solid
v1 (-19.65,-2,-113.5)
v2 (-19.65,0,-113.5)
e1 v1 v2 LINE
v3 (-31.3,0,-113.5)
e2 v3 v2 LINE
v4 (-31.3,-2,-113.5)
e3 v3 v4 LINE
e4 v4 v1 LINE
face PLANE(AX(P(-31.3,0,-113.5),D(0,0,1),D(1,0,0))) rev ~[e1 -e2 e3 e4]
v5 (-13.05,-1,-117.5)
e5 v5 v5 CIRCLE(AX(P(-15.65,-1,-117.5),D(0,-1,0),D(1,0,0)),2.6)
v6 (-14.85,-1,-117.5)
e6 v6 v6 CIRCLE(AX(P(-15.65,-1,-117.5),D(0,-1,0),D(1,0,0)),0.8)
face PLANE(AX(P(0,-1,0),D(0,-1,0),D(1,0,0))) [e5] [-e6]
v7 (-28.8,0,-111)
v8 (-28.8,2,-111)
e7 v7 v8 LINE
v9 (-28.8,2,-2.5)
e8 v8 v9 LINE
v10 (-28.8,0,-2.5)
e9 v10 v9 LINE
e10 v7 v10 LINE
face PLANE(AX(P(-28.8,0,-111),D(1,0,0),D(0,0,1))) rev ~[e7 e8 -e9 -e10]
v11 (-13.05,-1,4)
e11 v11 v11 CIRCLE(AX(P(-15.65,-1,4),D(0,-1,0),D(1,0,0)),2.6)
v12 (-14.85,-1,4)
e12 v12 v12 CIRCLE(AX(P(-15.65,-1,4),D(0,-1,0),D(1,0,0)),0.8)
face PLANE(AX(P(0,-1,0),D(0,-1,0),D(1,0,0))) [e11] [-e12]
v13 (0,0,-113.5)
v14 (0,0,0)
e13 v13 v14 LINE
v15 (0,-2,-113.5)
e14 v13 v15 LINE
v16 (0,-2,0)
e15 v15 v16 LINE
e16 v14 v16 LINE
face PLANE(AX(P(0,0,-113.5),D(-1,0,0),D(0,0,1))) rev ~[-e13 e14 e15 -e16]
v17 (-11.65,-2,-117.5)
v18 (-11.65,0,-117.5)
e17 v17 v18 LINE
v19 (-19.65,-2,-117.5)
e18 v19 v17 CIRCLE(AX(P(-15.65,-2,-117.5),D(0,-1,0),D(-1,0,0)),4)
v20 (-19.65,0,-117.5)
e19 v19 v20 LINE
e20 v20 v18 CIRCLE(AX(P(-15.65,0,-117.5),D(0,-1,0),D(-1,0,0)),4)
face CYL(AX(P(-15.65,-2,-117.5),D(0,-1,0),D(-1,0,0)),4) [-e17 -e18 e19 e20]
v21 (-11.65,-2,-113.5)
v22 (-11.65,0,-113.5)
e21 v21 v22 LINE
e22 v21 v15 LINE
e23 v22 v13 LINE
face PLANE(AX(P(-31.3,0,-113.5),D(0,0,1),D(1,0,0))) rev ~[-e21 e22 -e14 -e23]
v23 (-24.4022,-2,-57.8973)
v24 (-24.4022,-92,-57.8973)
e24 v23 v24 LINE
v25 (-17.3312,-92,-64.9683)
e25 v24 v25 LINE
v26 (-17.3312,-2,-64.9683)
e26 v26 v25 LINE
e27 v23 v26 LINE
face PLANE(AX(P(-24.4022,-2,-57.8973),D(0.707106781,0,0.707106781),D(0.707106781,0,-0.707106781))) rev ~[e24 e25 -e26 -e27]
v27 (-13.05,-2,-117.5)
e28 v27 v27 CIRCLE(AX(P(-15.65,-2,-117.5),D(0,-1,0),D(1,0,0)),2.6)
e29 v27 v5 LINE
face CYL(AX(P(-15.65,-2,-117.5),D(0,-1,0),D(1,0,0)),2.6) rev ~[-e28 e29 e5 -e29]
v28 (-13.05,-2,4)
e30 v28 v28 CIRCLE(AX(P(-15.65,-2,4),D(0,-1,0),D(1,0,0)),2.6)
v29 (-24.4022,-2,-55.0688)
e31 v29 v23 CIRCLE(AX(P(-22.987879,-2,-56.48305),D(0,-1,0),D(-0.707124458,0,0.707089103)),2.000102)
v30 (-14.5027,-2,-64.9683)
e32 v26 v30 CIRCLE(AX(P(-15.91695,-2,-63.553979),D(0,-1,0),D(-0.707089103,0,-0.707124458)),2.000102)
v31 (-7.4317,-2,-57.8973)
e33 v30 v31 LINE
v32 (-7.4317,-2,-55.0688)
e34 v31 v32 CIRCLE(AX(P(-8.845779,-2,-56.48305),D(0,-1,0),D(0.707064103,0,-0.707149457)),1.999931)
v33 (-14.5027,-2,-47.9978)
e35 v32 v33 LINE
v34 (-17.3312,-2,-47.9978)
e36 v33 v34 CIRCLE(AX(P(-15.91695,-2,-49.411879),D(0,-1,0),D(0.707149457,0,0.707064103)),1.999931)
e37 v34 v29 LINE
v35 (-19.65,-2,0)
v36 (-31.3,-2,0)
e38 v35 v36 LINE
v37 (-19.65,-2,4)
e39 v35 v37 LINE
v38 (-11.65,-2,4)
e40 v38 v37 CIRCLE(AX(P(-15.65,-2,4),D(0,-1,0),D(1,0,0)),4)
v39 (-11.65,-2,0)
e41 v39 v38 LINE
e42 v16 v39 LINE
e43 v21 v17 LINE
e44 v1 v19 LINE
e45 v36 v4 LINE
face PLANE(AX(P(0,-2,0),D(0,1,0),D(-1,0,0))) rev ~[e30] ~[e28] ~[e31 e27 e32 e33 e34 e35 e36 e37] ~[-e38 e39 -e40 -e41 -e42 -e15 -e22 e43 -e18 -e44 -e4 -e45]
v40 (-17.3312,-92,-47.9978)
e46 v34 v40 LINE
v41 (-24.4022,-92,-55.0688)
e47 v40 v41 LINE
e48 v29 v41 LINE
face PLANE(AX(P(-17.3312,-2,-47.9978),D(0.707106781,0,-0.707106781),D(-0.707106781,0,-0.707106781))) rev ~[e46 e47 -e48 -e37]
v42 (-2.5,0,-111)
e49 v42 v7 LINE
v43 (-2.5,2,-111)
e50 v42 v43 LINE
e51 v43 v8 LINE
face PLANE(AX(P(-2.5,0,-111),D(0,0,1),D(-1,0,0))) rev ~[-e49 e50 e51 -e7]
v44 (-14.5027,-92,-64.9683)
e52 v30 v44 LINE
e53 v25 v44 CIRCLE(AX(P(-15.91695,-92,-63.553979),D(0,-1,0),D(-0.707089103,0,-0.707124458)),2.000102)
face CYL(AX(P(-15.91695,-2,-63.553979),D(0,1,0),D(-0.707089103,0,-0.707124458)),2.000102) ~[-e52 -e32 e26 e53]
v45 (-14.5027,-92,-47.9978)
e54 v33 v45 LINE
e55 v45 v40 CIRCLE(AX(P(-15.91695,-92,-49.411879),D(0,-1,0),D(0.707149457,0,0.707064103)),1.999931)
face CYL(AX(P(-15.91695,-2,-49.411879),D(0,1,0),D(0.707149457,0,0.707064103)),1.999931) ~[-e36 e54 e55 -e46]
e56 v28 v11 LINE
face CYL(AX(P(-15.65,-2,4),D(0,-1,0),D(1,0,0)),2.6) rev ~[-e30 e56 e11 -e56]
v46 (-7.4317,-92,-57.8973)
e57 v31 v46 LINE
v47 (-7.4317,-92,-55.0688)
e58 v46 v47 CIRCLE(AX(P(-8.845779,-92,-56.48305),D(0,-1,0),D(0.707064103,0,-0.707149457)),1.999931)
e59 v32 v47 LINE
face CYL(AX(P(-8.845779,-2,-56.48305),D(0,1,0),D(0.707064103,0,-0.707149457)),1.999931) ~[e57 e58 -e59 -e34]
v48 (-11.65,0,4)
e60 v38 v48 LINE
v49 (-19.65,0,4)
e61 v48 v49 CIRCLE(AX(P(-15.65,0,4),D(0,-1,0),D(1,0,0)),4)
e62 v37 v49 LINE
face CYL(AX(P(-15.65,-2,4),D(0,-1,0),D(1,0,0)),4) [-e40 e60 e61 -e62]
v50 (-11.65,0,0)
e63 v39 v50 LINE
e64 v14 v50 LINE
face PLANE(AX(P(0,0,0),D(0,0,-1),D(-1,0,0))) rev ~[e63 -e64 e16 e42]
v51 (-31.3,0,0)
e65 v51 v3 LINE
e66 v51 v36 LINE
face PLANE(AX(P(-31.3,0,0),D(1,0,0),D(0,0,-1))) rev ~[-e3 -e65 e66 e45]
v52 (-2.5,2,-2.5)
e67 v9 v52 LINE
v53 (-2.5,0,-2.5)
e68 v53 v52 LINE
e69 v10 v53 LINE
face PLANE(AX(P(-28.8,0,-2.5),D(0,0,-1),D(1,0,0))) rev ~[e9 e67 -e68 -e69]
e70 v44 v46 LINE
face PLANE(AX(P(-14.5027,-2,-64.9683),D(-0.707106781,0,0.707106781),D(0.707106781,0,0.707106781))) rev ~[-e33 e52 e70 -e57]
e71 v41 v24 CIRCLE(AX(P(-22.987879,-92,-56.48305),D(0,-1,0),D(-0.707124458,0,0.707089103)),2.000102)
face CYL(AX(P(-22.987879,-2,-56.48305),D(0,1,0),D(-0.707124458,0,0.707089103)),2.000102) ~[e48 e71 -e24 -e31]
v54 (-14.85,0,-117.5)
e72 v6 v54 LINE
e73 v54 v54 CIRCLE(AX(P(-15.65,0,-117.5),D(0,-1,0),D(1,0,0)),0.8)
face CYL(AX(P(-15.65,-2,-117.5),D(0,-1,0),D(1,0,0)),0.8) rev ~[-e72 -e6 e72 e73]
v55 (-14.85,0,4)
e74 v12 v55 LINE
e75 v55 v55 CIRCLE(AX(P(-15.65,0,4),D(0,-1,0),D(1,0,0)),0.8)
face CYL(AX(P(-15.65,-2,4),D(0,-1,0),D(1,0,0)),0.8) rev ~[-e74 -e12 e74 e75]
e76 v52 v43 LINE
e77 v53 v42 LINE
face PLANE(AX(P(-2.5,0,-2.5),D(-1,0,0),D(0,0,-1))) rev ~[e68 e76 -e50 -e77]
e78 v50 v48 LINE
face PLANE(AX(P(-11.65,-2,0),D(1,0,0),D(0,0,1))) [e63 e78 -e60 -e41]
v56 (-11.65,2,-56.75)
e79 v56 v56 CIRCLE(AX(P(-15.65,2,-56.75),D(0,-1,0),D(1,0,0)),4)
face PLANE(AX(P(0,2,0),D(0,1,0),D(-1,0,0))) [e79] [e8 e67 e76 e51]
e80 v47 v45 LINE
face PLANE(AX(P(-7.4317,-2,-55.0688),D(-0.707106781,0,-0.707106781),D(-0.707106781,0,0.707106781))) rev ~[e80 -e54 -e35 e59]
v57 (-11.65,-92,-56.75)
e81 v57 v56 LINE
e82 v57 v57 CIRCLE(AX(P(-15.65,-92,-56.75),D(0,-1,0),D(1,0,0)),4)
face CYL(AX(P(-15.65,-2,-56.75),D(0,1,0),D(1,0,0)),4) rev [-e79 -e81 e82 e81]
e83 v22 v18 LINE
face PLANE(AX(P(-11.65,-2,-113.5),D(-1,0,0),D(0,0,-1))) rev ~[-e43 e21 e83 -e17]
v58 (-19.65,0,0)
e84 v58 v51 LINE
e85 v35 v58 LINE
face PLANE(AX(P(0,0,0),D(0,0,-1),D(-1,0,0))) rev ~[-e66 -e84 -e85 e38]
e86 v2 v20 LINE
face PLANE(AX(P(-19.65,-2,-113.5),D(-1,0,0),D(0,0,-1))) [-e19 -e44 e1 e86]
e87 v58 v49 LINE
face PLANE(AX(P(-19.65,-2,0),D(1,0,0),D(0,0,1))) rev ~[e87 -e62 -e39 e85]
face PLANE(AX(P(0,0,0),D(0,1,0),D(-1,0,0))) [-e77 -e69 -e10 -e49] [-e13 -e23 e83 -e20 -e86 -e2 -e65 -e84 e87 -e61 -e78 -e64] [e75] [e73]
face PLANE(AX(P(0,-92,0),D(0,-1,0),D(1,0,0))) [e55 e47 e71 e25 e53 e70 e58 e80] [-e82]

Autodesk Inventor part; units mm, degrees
ref_plane "YZ Plane" through (0, 0, 0) normal (1, 0, 0) x (0, 1, 0)
ref_plane "XZ Plane" through (0, 0, 0) normal (0, 1, 0) x (-1, 0, 0)
ref_plane "XY Plane" through (0, 0, 0) normal (0, 0, 1) x (1, 0, 0)
sketch "Esboço1" plane through (0, 0, 0) normal (0, 1, 0) x (-1, 0, 0)
  line L0 (0, 0) -> (31.3, 0)
  line L1 (31.3, 0) -> (31.3, -113.5)
  line L2 (31.3, -113.5) -> (0, -113.5)
  line L3 (0, -113.5) -> (0, 0)
  line L4 (28.8, -111) -> (28.8, -2.5)
  line L5 (28.8, -2.5) -> (2.5, -2.5)
  line L6 (2.5, -2.5) -> (2.5, -111)
  line L7 (2.5, -111) -> (28.8, -111)
  dimension "d0" = 31.3
  dimension "d1" = 113.5
  dimension "d2" = 2.5
extrude "Extrusão1" add sketch "Esboço1" along normal blind 2 contours L7 L6 L5 L4
extrude "Extrusão2" add sketch "Esboço1" against normal blind 2 contours L0 L1 L2 L3 | L7 L6 L5 L4
sketch "Esboço2" plane through (0, -2, 0) normal (0, -1, 0) x (1, 0, 0)
  line L0 (0, -113.5) -> (0, 0) projected
  line L1 (-15.65, 0) -> (-11.65, 0)
  line L2 (-11.65, 0) -> (-11.65, 4)
  line L3 (-19.65, 0) -> (-15.65, 0)
  line L4 (-28.8, -2.5) -> (-2.5, -2.5) projected
  circle A0 centre (-15.65, 4) radius 0.8
  line L5 (0, 0) -> (0, -113.5) projected
  line L6 (-19.65, 0) -> (-19.65, 4)
  arc A1 (-11.65, 4) -> (-19.65, 4) centre (-15.65, 4) ccw
  line L7 (-31.3, -113.5) -> (-31.3, 0) projected
  line L8 (-15.65, -113.5) -> (-11.65, -113.5)
  line L9 (-11.65, -113.5) -> (-11.65, -117.5)
  line L10 (-19.65, -113.5) -> (-15.65, -113.5)
  circle A2 centre (-15.65, -117.5) radius 0.8
  line L11 (-19.65, -113.5) -> (-19.65, -117.5)
  arc A3 (-19.65, -117.5) -> (-11.65, -117.5) centre (-15.65, -117.5) ccw
  dimension "d16" = 1.6
  dimension "d28" = 0
extrude "Extrusão3" add sketch "Esboço2" against normal blind 2
sketch "Esboço3" plane through (0, -2, 0) normal (0, -1, 0) x (1, 0, 0)
  circle A0 centre (-15.65, -56.75) radius 4
  line L0 (0, -113.5) -> (0, 0) projected
  line L1 (-31.3, 0) -> (-31.3, -113.5) projected
  line L2 (0, -113.5) -> (-31.3, -113.5) projected
  dimension "d18" = 8
  dimension "d21" = 15.65
  dimension "d33" = 56.75
extrude "Extrusão4" cut sketch "Esboço3" against normal up to surface (4 mm away)
sketch "Esboço4" plane through (0, -2, 0) normal (0, -1, 0) x (1, 0, 0)
  circle A0 centre (-15.65, 4) radius 0.8 projected
  circle A1 centre (-15.65, 4) radius 2.6
  line L0 (0, -113.5) -> (0, 0) projected
  circle A2 centre (-15.65, -117.5) radius 2.6
  dimension "d29" = 5.2
extrude "Extrusão5" cut sketch "Esboço4" against normal blind 1
sketch "Esboço5" plane through (0, -2, 0) normal (0, -1, 0) x (1, 0, 0)
  point P0 (0, 0)
sketch "Esboço6" plane through (0, -2, 0) normal (0, -1, 0) x (1, 0, 0)
  line L0 (-17.3312, -47.9978) -> (-24.4022, -55.0688)
  line L1 (-24.4022, -57.8973) -> (-17.3312, -64.9683)
  line L2 (-14.5027, -64.9683) -> (-7.4317, -57.8973)
  line L3 (-7.4317, -55.0688) -> (-14.5027, -47.9978)
  circle A0 centre (-15.65, -56.75) radius 4 projected
  line L4 (-15.917, -46.5835) -> (-15.917, -66.3825) construction
  line L5 (-25.8165, -56.483) -> (-6.0175, -56.483) construction
  arc A1 (-24.4022, -55.0688) -> (-24.4022, -57.8973) centre (-22.988, -56.483) ccw
  arc A2 (-17.3312, -64.9683) -> (-14.5027, -64.9683) centre (-15.917, -63.5541) ccw
  arc A3 (-7.4317, -57.8973) -> (-7.4317, -55.0688) centre (-8.8459, -56.483) ccw
  arc A4 (-14.5027, -47.9978) -> (-17.3312, -47.9978) centre (-15.917, -49.412) ccw
  point P0 (0, 0)
  dimension "d34" = 14
  dimension "d35" = 2
  dimension "d38" = 14
extrude "Extrusão6" add sketch "Esboço6" along normal blind 90
properties part number "Tampa Suporte 4E_3DPrint"
